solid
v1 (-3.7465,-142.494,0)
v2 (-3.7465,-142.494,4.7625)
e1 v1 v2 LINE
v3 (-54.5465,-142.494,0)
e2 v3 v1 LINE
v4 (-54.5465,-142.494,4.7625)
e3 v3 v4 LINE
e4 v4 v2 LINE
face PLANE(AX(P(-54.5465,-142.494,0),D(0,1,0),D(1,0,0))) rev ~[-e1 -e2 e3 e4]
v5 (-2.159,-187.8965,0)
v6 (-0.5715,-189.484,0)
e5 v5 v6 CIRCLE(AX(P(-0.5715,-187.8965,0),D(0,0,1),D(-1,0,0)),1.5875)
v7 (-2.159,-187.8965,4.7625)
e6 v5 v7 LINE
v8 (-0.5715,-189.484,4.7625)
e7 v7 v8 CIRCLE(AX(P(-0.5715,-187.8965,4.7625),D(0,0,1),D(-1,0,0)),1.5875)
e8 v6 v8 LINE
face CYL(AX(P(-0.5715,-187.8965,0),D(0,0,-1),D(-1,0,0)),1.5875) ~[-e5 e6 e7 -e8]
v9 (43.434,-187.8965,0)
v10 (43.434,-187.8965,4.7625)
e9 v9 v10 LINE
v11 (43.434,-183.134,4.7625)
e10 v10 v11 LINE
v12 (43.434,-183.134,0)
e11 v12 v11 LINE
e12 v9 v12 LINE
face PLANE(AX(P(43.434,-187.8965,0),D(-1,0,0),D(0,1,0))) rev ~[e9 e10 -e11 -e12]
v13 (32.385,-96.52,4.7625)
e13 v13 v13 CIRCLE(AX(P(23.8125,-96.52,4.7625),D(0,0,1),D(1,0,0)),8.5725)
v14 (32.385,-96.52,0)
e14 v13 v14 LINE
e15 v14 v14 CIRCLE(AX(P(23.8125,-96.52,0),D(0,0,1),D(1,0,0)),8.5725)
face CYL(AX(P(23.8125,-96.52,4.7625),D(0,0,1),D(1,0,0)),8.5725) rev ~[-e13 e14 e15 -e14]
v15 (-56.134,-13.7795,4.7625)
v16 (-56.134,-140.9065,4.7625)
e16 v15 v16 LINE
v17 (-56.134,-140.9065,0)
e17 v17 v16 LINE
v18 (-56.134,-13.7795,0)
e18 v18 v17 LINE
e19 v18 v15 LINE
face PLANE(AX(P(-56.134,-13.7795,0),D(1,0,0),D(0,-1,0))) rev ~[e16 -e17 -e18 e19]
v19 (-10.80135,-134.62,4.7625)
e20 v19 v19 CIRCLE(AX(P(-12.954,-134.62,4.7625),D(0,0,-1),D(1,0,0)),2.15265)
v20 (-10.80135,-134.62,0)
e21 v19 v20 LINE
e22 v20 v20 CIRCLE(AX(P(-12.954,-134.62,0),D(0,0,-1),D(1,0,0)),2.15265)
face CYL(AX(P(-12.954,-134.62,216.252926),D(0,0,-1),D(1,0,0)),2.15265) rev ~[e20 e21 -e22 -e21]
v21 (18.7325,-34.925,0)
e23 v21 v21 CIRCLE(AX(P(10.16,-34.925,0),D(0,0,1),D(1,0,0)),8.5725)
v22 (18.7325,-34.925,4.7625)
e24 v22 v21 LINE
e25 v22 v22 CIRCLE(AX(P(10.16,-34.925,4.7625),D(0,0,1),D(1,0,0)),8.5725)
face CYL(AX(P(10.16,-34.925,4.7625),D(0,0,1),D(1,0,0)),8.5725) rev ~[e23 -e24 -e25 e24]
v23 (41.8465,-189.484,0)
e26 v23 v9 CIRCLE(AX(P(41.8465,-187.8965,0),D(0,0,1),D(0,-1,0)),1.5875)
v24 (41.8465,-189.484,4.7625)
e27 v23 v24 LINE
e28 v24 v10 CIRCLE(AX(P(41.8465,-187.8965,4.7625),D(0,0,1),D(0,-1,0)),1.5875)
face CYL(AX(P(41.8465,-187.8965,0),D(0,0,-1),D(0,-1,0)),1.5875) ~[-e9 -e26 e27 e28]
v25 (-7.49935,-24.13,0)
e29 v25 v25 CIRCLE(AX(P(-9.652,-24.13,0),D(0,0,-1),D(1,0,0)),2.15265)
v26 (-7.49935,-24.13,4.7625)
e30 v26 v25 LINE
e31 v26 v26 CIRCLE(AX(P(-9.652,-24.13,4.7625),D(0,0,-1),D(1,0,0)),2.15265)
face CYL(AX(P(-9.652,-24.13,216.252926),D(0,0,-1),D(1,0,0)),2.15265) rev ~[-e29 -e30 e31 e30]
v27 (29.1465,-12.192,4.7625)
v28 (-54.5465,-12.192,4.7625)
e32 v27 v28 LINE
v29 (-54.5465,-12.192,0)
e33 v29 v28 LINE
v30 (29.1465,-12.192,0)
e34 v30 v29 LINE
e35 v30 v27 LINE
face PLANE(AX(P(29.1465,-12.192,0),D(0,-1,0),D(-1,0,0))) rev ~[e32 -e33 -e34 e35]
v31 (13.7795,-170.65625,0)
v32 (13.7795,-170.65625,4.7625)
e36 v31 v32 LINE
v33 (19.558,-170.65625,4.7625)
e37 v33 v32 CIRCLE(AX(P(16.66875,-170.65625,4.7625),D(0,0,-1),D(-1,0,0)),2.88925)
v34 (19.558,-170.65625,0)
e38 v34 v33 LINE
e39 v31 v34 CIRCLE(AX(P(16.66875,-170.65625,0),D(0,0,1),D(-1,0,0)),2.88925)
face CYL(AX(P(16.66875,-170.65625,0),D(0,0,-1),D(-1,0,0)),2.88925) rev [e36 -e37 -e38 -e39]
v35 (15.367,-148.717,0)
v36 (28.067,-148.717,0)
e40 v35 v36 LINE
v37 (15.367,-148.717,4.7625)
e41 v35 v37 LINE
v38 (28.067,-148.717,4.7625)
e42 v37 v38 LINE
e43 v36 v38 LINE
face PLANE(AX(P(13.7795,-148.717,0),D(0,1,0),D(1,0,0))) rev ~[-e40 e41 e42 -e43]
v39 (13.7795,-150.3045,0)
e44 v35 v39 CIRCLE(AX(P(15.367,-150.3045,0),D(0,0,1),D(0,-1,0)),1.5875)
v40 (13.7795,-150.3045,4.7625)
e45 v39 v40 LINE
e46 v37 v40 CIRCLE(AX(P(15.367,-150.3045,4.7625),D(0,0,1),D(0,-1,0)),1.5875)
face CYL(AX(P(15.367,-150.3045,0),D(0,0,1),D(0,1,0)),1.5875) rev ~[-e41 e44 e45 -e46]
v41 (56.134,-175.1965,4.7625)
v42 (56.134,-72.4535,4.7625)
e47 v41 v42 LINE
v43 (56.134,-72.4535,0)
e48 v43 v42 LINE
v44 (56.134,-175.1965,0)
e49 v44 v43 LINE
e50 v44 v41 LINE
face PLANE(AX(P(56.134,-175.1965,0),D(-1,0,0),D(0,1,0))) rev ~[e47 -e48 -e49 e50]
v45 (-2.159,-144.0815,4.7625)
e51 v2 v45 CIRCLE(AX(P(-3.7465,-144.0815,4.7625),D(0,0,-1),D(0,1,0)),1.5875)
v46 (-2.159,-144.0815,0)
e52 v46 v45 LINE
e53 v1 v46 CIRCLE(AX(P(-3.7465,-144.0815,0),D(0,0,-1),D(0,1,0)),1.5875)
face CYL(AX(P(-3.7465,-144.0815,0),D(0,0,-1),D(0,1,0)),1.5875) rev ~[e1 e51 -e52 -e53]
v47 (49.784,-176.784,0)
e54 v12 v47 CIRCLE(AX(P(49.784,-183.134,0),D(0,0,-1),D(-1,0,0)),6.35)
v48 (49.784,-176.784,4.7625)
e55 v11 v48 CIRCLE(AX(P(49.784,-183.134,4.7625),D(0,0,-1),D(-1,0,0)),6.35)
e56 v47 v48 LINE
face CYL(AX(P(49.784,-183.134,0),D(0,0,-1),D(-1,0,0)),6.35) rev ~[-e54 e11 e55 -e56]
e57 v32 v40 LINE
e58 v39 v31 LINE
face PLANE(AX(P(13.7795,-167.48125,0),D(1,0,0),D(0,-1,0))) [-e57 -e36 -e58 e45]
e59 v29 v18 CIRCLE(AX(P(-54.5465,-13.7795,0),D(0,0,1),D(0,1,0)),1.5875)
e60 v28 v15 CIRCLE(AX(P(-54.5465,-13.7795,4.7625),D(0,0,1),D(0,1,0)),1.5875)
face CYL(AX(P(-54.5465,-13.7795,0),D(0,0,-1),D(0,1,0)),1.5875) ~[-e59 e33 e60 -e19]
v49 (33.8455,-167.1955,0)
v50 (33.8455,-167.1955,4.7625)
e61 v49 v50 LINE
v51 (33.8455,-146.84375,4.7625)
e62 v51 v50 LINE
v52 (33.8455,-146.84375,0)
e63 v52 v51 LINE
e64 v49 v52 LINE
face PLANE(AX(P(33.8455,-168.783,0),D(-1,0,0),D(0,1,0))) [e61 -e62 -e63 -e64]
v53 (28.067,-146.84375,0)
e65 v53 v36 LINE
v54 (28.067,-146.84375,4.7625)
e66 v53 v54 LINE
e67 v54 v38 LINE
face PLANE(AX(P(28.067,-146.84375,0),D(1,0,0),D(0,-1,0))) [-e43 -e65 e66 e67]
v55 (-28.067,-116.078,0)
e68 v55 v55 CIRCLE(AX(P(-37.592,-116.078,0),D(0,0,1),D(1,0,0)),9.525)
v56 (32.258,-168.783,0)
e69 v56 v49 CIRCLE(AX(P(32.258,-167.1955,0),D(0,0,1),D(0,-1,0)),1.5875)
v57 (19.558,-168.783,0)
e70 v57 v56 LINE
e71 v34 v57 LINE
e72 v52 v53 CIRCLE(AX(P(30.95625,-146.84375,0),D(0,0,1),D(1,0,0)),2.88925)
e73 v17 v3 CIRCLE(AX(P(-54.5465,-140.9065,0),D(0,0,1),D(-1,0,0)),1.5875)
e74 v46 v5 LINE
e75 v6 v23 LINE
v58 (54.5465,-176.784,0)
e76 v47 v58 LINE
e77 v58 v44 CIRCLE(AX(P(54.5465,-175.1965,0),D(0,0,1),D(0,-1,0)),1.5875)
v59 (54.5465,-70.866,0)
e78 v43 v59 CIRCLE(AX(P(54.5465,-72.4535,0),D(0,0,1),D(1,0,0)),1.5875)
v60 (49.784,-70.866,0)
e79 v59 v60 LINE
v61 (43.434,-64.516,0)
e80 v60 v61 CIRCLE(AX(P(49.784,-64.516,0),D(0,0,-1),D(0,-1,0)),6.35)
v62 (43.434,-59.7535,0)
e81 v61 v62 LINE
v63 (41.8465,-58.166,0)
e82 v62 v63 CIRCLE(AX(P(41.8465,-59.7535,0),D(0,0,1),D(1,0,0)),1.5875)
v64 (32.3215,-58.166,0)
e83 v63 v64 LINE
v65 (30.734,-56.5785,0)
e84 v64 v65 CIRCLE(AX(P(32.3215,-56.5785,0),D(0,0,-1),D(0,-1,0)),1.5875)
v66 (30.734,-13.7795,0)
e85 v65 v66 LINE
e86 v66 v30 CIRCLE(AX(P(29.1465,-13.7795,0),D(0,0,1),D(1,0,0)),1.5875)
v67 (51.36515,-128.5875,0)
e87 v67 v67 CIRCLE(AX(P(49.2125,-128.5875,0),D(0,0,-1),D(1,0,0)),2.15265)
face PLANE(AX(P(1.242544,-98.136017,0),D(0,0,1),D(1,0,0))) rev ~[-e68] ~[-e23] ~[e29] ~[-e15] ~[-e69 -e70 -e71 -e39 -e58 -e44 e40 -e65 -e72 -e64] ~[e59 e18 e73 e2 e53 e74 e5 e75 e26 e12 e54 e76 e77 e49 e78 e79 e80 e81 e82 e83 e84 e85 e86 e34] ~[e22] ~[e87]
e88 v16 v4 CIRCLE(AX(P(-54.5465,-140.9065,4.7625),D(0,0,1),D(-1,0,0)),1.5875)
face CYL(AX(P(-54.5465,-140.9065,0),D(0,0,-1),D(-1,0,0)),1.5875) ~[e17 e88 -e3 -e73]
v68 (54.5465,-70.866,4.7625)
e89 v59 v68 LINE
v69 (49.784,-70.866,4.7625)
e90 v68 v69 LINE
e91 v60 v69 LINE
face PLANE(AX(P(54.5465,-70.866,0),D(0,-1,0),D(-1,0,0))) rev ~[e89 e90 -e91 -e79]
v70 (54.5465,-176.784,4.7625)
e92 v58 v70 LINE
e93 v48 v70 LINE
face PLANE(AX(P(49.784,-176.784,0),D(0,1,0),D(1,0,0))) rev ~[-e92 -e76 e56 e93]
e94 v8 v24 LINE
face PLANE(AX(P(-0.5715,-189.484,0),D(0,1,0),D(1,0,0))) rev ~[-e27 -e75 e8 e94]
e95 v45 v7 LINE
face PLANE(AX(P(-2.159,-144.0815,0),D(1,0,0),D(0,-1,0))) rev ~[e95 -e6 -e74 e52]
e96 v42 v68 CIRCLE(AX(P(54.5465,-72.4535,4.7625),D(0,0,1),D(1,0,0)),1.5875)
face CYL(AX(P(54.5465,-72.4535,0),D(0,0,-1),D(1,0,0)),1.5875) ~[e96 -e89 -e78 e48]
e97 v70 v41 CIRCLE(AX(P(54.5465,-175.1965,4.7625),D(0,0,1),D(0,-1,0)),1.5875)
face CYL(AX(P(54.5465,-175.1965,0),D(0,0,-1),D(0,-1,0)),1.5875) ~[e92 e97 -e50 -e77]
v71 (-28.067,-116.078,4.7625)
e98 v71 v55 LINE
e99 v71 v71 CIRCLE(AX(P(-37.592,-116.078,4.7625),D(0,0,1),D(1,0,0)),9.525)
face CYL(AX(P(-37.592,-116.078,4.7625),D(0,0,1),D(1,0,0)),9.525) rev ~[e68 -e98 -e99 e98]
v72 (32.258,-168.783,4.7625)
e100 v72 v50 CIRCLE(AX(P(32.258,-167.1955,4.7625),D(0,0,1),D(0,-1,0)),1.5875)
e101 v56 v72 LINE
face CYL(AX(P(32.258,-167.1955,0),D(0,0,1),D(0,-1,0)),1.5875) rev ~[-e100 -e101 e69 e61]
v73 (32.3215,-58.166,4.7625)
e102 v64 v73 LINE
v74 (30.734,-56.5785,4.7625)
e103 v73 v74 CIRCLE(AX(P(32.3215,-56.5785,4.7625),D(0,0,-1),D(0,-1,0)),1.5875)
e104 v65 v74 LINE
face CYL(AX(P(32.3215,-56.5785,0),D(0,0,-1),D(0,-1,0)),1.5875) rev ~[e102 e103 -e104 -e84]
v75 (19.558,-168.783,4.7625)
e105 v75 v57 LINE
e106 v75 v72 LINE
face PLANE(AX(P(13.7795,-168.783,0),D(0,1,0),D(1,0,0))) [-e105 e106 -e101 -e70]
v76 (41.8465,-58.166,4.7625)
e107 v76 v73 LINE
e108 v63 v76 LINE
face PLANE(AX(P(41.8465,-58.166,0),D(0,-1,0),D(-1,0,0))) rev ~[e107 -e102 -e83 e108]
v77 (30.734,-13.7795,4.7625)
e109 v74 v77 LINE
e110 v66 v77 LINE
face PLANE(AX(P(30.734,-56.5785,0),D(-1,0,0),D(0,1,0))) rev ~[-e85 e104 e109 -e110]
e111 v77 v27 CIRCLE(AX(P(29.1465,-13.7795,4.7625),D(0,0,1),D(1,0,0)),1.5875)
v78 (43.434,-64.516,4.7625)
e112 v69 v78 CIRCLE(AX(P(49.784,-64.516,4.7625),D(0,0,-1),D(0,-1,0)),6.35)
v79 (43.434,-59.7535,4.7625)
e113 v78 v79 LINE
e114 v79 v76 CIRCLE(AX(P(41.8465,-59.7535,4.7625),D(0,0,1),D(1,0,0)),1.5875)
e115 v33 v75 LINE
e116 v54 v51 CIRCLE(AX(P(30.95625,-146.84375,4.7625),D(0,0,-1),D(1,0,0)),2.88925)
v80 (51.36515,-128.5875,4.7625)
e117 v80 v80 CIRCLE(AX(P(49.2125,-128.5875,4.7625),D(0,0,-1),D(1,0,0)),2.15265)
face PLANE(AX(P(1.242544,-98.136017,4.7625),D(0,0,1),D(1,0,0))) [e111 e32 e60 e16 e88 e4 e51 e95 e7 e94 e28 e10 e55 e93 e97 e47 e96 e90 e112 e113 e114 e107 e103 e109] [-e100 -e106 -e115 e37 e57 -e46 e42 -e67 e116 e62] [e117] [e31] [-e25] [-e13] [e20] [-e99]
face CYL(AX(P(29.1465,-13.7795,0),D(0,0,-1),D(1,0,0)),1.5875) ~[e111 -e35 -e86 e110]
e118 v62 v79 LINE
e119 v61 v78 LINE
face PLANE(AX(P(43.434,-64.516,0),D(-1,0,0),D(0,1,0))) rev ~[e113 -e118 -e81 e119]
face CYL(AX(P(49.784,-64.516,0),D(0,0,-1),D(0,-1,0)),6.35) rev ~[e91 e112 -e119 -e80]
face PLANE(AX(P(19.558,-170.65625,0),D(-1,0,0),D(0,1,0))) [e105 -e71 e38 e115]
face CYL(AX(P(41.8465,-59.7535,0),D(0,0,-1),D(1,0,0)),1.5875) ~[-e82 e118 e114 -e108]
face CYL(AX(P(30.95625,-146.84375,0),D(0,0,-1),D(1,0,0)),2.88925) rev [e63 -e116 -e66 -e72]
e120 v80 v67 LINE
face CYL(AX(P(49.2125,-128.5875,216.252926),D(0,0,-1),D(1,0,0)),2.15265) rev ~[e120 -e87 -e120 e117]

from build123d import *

# Parameters (mm, degrees)
SKETCH3_W             = 20.066
SKETCH3_H             = 20.066
BOSS_EXTRUDE1_DEPTH   = 4.7625
SKETCH6_R             = 8.5725
CUT_EXTRUDE4_DEPTH    = 5.7625
SKETCH61_R            = 8.5725
CUT_EXTRUDE41_DEPTH   = 5.7625
SKETCH62_R            = 9.525
CUT_EXTRUDE42_DEPTH   = 5.7625
F_6_CLEARANCE_HOLE1_D = 4.3053
CUT_EXTRUDE43_REACH   = 6.763
FILLET1_R             = 1.5875


with BuildPart() as part:
    # Sketch3 → Boss-Extrude1 (new body)
    with BuildSketch(Plane.XY):
        with BuildLine():
            Line((-0.5715, -189.484), (41.8465, -189.484))
            ThreePointArc((41.8465, -189.484), (42.969032015, -189.019032015), (43.434, -187.8965))
            Line((43.434, -187.8965), (43.434, -183.134))
            ThreePointArc((43.434, -183.134), (45.293871939, -178.643871939), (49.784, -176.784))
            Line((49.784, -176.784), (54.5465, -176.784))
            ThreePointArc((54.5465, -176.784), (55.669032015, -176.319032015), (56.134, -175.1965))
            Line((56.134, -175.1965), (56.134, -72.4535))
            ThreePointArc((56.134, -72.4535), (55.669032015, -71.330967985), (54.5465, -70.866))
            Line((54.5465, -70.866), (49.784, -70.866))
            ThreePointArc((49.784, -70.866), (45.293871939, -69.006128061), (43.434, -64.516))
            Line((43.434, -64.516), (43.434, -59.7535))
            ThreePointArc((43.434, -59.7535), (42.969032015, -58.630967985), (41.8465, -58.166))
            Line((41.8465, -58.166), (32.3215, -58.166))
            ThreePointArc((32.3215, -58.166), (31.198967985, -57.701032015), (30.734, -56.5785))
            Line((30.734, -56.5785), (30.734, -13.7795))
            ThreePointArc((30.734, -13.7795), (30.269032015, -12.656967985), (29.1465, -12.192))
            Line((29.1465, -12.192), (-54.5465, -12.192))
            ThreePointArc((-54.5465, -12.192), (-55.669032015, -12.656967985), (-56.134, -13.7795))
            Line((-56.134, -13.7795), (-56.134, -140.9065))
            ThreePointArc((-56.134, -140.9065), (-55.669032015, -142.029032015), (-54.5465, -142.494))
            Line((-54.5465, -142.494), (-3.7465, -142.494))
            ThreePointArc((-3.7465, -142.494), (-2.623967985, -142.958967985), (-2.159, -144.0815))
            Line((-2.159, -144.0815), (-2.159, -187.8965))
            ThreePointArc((-2.159, -187.8965), (-1.694032015, -189.019032015), (-0.5715, -189.484))
        make_face()
        with Locations((23.8125, -158.75)):
            Rectangle(SKETCH3_W, SKETCH3_H, mode=Mode.SUBTRACT)
    extrude(amount=BOSS_EXTRUDE1_DEPTH)

    # Sketch6 → Cut-Extrude4 (cut, through all)
    with BuildSketch(Plane(origin=(161.486140968, -518.011138809, 4.7625), x_dir=(1, 0, 0), z_dir=(0, 0, 1))):
        with Locations((-137.673640968, 421.491138809)):
            Circle(SKETCH6_R)
    extrude(amount=-CUT_EXTRUDE4_DEPTH, mode=Mode.SUBTRACT)

    # Sketch61 → Cut-Extrude41 (cut, through all)
    with BuildSketch(Plane(origin=(147.833640968, -456.416138809, 4.7625), x_dir=(1, 0, 0), z_dir=(0, 0, 1))):
        with Locations((-137.673640968, 421.491138809)):
            Circle(SKETCH61_R)
    extrude(amount=-CUT_EXTRUDE41_DEPTH, mode=Mode.SUBTRACT)

    # Sketch62 → Cut-Extrude42 (cut, through all)
    with BuildSketch(Plane.XY.offset(4.7625)):
        with Locations((-37.592, -116.078)):
            Circle(SKETCH62_R)
    extrude(amount=-CUT_EXTRUDE42_DEPTH, mode=Mode.SUBTRACT)

    # #6 Clearance Hole1 (through all)
    with Locations(Plane(origin=(36.5125, -265.1125, 6.35), x_dir=(-1, 0, 0), z_dir=(0, 0, 1))):
        with Locations((49.4665, -130.4925), (-12.7, -136.525), (46.1645, -240.9825)):
            Hole(F_6_CLEARANCE_HOLE1_D / 2)

    # Sketch67 → Cut-Extrude43 (cut, up to next)
    with BuildSketch(Plane(origin=(0, 0, 0), x_dir=(-1, 0, 0), z_dir=(0, 0, -1)), mode=Mode.PRIVATE) as cut_extrude43_sk1:
        with BuildLine():
            Line((-19.558, -170.65625), (-19.558, -167.48125))
            ThreePointArc((-19.558, -167.48125), (-16.66875, -164.592), (-13.7795, -167.48125))
            Line((-13.7795, -167.48125), (-13.7795, -170.65625))
            ThreePointArc((-13.7795, -170.65625), (-16.66875, -173.5455), (-19.558, -170.65625))
        make_face()
    cut_extrude43_tool1 = extrude(cut_extrude43_sk1.sketch, amount=-CUT_EXTRUDE43_REACH, mode=Mode.PRIVATE) & part.part
    add(cut_extrude43_tool1.solids().sort_by_distance((16.66875, -169.06875, 0))[0], mode=Mode.SUBTRACT)
    # Sketch67 → Cut-Extrude43 (cut, up to next)
    with BuildSketch(Plane(origin=(0, 0, 0), x_dir=(-1, 0, 0), z_dir=(0, 0, -1)), mode=Mode.PRIVATE) as cut_extrude43_sk2:
        with BuildLine():
            Line((-28.067, -146.84375), (-28.067, -150.01875))
            ThreePointArc((-28.067, -150.01875), (-30.95625, -152.908), (-33.8455, -150.01875))
            Line((-33.8455, -150.01875), (-33.8455, -146.84375))
            ThreePointArc((-33.8455, -146.84375), (-30.95625, -143.9545), (-28.067, -146.84375))
        make_face()
    cut_extrude43_tool2 = extrude(cut_extrude43_sk2.sketch, amount=-CUT_EXTRUDE43_REACH, mode=Mode.PRIVATE) & part.part
    add(cut_extrude43_tool2.solids().sort_by_distance((30.95625, -148.43125, 0))[0], mode=Mode.SUBTRACT)

    # Fillet1
    fillet1_edges = [part.edges().sort_by_distance(p)[0] for p in [
        (33.8455, -168.783, 2.38125),
        (13.7795, -148.717, 2.38125),
    ]]
    fillet(fillet1_edges, radius=FILLET1_R)


solid = part.part
